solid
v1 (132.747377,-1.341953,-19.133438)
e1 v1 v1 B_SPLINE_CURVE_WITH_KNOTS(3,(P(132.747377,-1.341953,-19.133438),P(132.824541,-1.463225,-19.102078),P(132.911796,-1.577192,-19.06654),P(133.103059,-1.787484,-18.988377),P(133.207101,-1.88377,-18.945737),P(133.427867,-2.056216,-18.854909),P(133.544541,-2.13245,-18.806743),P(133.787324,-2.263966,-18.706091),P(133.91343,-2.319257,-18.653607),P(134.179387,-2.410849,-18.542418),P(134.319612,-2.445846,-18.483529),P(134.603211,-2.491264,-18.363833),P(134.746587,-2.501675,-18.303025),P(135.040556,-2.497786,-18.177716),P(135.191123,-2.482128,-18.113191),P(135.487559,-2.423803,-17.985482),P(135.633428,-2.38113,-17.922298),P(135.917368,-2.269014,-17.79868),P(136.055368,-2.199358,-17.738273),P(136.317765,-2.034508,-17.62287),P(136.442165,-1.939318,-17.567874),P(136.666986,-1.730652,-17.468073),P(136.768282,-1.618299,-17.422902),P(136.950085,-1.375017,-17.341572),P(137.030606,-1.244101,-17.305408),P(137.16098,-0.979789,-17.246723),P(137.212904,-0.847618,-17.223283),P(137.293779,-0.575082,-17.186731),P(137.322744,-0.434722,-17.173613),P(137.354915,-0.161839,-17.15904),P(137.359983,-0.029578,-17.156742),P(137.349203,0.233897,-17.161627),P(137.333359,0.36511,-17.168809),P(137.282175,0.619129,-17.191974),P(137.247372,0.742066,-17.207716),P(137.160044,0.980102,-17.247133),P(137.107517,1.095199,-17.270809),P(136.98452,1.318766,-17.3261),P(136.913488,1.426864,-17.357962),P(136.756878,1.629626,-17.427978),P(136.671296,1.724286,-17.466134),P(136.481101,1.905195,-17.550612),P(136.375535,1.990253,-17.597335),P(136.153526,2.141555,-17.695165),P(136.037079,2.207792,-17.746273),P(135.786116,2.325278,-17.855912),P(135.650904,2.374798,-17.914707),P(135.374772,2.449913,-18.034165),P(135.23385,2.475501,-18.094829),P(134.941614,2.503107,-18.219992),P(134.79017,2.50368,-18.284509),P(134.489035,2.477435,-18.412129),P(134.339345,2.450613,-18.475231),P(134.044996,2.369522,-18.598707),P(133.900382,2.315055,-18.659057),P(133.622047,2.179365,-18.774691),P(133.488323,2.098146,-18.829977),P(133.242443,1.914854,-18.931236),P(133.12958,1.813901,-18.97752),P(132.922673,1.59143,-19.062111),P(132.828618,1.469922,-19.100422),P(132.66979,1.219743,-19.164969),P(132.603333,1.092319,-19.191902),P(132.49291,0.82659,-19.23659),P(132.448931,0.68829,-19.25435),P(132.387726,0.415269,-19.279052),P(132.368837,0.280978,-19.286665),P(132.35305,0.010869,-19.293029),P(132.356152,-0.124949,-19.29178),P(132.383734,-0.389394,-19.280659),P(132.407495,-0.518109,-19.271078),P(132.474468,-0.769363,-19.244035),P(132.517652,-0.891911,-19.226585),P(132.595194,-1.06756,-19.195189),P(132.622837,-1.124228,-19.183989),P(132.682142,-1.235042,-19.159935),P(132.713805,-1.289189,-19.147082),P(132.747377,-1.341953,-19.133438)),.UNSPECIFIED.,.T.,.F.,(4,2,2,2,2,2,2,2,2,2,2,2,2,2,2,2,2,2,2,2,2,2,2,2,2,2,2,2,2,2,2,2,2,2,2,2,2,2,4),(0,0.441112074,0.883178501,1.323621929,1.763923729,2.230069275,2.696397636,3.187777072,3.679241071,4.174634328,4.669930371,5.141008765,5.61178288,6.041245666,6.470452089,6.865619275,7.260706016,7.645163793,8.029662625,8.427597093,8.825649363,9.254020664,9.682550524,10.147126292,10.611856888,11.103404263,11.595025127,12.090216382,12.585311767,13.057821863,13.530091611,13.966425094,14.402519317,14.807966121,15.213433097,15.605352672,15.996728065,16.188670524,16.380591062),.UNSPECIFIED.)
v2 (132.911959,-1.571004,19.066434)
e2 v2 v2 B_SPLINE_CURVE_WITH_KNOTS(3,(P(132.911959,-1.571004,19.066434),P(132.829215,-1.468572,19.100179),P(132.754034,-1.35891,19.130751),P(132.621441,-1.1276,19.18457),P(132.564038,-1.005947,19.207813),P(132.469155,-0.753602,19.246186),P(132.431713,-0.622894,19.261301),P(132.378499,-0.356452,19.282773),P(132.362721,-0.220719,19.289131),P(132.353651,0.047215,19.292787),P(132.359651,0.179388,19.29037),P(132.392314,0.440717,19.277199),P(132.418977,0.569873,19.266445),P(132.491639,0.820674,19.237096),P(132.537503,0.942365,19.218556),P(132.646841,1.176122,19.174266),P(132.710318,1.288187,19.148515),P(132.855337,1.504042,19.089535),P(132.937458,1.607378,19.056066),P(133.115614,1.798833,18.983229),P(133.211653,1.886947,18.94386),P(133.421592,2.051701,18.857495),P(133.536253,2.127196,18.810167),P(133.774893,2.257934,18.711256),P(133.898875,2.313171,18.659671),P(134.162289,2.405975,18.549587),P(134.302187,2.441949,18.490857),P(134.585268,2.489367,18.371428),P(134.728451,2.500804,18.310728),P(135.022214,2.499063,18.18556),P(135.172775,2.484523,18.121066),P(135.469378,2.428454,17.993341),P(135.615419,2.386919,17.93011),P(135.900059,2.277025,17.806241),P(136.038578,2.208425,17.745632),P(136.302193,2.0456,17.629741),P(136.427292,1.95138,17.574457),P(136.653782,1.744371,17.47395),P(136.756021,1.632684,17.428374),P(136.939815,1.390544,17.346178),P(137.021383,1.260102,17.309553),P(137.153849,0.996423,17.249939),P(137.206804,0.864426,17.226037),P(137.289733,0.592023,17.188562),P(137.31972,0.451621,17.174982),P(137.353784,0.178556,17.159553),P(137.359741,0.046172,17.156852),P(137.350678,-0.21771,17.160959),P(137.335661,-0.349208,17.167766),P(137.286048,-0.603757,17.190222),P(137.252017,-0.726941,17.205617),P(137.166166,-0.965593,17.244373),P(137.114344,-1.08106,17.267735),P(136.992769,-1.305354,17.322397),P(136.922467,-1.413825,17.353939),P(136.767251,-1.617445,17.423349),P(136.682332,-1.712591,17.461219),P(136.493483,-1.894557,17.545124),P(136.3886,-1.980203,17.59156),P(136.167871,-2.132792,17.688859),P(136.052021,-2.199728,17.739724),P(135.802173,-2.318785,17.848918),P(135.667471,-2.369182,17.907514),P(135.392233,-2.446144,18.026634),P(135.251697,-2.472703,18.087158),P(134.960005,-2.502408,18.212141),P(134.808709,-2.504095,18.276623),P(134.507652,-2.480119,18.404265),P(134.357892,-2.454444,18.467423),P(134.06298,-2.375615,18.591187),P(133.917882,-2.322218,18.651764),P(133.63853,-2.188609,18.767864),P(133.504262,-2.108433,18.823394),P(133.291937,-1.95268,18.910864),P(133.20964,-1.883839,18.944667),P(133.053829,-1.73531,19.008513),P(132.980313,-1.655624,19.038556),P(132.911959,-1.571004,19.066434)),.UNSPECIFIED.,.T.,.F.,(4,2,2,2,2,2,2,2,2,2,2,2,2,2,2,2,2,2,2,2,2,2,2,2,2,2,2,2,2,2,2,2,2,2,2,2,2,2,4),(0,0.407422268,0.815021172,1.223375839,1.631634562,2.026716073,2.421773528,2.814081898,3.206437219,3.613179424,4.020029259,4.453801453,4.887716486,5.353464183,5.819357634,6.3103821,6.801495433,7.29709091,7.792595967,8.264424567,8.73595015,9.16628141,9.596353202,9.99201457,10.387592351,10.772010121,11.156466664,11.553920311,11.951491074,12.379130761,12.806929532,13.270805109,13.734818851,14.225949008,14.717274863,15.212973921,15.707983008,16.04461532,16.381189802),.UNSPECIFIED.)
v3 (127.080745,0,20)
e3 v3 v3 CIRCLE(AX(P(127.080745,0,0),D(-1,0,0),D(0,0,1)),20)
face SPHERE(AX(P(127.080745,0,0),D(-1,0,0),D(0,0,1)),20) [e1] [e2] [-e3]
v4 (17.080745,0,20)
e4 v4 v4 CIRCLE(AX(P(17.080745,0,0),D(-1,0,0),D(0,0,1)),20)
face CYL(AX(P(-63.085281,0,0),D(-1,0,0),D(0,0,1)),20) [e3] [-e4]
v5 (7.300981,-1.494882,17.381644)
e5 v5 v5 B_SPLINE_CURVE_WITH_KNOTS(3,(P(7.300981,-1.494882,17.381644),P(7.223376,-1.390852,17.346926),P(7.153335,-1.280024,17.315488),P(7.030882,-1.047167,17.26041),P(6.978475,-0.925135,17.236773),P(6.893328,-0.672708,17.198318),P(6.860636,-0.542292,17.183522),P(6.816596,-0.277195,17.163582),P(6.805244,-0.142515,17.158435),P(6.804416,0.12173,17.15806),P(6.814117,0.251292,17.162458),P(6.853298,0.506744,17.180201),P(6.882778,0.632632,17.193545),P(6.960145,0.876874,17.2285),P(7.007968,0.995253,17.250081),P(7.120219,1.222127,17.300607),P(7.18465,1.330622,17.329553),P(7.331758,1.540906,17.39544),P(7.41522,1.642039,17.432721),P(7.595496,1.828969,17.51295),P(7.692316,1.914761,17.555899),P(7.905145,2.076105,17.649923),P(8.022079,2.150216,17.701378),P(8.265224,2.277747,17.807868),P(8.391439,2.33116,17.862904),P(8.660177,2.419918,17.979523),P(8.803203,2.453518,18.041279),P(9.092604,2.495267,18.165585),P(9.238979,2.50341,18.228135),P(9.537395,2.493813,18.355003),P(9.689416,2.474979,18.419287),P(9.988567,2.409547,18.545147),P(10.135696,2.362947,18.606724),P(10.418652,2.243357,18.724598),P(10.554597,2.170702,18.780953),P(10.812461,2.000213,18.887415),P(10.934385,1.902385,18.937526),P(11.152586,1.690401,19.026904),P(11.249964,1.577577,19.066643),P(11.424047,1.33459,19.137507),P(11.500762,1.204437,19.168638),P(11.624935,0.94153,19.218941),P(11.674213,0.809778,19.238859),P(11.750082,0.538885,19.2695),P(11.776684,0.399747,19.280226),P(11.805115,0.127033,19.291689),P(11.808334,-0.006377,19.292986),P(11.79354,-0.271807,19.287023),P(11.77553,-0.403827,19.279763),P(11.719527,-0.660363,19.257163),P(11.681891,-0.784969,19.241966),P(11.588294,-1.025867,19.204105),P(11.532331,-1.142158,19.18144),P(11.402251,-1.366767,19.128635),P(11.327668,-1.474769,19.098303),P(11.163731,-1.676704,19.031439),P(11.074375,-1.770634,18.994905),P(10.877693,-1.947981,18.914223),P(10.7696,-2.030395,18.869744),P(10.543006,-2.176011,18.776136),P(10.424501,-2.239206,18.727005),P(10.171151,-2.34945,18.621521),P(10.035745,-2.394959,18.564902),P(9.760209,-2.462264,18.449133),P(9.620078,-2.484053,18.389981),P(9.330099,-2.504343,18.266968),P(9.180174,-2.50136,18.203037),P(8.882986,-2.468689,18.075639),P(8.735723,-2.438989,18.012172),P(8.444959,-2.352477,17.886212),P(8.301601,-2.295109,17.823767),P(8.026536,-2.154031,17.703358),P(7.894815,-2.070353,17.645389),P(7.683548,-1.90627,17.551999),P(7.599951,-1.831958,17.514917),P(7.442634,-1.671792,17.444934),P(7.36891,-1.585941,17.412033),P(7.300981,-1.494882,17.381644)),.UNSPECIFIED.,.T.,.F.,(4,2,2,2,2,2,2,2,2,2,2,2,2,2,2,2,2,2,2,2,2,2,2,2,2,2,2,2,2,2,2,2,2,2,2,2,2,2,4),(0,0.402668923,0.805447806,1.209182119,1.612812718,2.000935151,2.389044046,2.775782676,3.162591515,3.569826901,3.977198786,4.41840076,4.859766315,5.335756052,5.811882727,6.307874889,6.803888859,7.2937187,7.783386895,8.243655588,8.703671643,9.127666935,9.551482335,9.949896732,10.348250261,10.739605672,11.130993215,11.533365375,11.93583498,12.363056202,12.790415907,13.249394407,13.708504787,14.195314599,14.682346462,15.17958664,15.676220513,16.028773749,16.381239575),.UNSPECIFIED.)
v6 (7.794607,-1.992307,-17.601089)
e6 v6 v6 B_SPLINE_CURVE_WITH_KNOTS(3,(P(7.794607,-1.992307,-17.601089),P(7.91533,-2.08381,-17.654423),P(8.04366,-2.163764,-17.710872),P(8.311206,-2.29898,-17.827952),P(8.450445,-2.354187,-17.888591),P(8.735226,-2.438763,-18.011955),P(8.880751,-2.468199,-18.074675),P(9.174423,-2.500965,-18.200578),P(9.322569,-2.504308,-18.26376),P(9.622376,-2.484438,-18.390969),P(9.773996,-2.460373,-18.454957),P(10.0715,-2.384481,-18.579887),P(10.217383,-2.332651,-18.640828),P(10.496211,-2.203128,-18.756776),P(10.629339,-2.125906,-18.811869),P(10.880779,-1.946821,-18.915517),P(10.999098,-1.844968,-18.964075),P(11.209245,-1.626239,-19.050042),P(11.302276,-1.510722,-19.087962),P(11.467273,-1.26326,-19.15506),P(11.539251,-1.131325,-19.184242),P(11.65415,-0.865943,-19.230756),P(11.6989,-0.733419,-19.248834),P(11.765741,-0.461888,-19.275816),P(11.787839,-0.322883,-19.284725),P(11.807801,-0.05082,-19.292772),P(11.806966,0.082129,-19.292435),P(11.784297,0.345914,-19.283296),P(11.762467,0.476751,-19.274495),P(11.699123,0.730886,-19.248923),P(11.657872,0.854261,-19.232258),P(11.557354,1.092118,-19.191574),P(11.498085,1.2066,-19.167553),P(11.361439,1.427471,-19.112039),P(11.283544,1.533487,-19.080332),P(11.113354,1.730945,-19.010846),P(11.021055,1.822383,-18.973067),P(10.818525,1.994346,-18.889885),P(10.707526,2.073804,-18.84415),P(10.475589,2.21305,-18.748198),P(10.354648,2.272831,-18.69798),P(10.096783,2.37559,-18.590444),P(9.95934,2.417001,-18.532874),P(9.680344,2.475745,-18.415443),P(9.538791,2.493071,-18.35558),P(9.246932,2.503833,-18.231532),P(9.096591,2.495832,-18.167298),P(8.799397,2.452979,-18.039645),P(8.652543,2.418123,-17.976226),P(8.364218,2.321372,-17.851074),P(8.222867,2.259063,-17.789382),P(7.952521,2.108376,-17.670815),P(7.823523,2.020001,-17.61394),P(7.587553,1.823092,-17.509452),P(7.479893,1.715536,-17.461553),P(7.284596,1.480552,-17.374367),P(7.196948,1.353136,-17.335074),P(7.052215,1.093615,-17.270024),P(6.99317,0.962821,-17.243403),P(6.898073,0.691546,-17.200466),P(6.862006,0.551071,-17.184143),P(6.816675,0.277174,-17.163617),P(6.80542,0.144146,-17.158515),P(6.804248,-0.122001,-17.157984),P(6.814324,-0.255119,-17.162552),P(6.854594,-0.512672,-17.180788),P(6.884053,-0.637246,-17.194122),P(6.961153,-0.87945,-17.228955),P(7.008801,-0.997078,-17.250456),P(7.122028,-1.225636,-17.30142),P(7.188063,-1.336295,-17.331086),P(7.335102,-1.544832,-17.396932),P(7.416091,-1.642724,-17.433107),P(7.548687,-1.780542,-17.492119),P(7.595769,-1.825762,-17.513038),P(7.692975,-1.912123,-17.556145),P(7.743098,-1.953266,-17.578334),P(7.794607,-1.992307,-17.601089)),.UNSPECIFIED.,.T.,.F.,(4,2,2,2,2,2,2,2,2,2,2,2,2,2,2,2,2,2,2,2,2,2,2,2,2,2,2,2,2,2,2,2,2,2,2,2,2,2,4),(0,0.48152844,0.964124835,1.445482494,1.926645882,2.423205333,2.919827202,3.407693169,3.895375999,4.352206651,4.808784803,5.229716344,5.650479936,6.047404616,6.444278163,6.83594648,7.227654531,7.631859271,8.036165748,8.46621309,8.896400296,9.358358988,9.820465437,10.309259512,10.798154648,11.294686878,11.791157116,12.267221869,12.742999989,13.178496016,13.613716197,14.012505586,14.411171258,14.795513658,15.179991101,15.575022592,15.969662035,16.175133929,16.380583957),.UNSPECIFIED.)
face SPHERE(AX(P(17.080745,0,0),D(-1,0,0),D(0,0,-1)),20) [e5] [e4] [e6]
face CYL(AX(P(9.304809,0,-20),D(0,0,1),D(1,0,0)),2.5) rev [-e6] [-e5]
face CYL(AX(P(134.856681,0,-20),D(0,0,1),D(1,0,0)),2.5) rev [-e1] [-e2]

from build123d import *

# Parameters (mm, degrees)
CROQUIS6_R                 = 2.5
CORTAR_EXTRUIR1_DEPTH      = 21
CORTAR_EXTRUIR1_DEPTH_BACK = 21


with BuildPart() as part:
    # Croquis3 → Revolución10 (revolve)
    with BuildSketch(Plane(origin=(0, 0, 0), x_dir=(1, 0, 0), z_dir=(0, 1, 0))):
        with BuildLine():
            Line((17.080745342, 20), (107.080745342, 20))
            Line((107.080745342, 20), (127.080745342, 20))
            ThreePointArc((127.080745342, 20), (141.222880965, 14.142135624), (147.080745342, 0))
            Line((147.080745342, 0), (-2.919254658, 0))
            ThreePointArc((-2.919254658, 0), (2.938609718, 14.142135624), (17.080745342, 20))
        make_face()
    revolve(axis=Axis((-63.085280919, 0, 0), (1, 0, 0)))

    # Croquis6 → Cortar-Extruir1 (cut, two sides)
    with BuildSketch(Plane.XY) as cortar_extruir1_sk:
        with Locations((9.30480946, 0)):
            Circle(CROQUIS6_R)
        with Locations((134.856681223, 0)):
            Circle(CROQUIS6_R)
    extrude(amount=CORTAR_EXTRUIR1_DEPTH, mode=Mode.SUBTRACT)
    extrude(cortar_extruir1_sk.sketch, amount=-CORTAR_EXTRUIR1_DEPTH_BACK, mode=Mode.SUBTRACT)


solid = part.part
